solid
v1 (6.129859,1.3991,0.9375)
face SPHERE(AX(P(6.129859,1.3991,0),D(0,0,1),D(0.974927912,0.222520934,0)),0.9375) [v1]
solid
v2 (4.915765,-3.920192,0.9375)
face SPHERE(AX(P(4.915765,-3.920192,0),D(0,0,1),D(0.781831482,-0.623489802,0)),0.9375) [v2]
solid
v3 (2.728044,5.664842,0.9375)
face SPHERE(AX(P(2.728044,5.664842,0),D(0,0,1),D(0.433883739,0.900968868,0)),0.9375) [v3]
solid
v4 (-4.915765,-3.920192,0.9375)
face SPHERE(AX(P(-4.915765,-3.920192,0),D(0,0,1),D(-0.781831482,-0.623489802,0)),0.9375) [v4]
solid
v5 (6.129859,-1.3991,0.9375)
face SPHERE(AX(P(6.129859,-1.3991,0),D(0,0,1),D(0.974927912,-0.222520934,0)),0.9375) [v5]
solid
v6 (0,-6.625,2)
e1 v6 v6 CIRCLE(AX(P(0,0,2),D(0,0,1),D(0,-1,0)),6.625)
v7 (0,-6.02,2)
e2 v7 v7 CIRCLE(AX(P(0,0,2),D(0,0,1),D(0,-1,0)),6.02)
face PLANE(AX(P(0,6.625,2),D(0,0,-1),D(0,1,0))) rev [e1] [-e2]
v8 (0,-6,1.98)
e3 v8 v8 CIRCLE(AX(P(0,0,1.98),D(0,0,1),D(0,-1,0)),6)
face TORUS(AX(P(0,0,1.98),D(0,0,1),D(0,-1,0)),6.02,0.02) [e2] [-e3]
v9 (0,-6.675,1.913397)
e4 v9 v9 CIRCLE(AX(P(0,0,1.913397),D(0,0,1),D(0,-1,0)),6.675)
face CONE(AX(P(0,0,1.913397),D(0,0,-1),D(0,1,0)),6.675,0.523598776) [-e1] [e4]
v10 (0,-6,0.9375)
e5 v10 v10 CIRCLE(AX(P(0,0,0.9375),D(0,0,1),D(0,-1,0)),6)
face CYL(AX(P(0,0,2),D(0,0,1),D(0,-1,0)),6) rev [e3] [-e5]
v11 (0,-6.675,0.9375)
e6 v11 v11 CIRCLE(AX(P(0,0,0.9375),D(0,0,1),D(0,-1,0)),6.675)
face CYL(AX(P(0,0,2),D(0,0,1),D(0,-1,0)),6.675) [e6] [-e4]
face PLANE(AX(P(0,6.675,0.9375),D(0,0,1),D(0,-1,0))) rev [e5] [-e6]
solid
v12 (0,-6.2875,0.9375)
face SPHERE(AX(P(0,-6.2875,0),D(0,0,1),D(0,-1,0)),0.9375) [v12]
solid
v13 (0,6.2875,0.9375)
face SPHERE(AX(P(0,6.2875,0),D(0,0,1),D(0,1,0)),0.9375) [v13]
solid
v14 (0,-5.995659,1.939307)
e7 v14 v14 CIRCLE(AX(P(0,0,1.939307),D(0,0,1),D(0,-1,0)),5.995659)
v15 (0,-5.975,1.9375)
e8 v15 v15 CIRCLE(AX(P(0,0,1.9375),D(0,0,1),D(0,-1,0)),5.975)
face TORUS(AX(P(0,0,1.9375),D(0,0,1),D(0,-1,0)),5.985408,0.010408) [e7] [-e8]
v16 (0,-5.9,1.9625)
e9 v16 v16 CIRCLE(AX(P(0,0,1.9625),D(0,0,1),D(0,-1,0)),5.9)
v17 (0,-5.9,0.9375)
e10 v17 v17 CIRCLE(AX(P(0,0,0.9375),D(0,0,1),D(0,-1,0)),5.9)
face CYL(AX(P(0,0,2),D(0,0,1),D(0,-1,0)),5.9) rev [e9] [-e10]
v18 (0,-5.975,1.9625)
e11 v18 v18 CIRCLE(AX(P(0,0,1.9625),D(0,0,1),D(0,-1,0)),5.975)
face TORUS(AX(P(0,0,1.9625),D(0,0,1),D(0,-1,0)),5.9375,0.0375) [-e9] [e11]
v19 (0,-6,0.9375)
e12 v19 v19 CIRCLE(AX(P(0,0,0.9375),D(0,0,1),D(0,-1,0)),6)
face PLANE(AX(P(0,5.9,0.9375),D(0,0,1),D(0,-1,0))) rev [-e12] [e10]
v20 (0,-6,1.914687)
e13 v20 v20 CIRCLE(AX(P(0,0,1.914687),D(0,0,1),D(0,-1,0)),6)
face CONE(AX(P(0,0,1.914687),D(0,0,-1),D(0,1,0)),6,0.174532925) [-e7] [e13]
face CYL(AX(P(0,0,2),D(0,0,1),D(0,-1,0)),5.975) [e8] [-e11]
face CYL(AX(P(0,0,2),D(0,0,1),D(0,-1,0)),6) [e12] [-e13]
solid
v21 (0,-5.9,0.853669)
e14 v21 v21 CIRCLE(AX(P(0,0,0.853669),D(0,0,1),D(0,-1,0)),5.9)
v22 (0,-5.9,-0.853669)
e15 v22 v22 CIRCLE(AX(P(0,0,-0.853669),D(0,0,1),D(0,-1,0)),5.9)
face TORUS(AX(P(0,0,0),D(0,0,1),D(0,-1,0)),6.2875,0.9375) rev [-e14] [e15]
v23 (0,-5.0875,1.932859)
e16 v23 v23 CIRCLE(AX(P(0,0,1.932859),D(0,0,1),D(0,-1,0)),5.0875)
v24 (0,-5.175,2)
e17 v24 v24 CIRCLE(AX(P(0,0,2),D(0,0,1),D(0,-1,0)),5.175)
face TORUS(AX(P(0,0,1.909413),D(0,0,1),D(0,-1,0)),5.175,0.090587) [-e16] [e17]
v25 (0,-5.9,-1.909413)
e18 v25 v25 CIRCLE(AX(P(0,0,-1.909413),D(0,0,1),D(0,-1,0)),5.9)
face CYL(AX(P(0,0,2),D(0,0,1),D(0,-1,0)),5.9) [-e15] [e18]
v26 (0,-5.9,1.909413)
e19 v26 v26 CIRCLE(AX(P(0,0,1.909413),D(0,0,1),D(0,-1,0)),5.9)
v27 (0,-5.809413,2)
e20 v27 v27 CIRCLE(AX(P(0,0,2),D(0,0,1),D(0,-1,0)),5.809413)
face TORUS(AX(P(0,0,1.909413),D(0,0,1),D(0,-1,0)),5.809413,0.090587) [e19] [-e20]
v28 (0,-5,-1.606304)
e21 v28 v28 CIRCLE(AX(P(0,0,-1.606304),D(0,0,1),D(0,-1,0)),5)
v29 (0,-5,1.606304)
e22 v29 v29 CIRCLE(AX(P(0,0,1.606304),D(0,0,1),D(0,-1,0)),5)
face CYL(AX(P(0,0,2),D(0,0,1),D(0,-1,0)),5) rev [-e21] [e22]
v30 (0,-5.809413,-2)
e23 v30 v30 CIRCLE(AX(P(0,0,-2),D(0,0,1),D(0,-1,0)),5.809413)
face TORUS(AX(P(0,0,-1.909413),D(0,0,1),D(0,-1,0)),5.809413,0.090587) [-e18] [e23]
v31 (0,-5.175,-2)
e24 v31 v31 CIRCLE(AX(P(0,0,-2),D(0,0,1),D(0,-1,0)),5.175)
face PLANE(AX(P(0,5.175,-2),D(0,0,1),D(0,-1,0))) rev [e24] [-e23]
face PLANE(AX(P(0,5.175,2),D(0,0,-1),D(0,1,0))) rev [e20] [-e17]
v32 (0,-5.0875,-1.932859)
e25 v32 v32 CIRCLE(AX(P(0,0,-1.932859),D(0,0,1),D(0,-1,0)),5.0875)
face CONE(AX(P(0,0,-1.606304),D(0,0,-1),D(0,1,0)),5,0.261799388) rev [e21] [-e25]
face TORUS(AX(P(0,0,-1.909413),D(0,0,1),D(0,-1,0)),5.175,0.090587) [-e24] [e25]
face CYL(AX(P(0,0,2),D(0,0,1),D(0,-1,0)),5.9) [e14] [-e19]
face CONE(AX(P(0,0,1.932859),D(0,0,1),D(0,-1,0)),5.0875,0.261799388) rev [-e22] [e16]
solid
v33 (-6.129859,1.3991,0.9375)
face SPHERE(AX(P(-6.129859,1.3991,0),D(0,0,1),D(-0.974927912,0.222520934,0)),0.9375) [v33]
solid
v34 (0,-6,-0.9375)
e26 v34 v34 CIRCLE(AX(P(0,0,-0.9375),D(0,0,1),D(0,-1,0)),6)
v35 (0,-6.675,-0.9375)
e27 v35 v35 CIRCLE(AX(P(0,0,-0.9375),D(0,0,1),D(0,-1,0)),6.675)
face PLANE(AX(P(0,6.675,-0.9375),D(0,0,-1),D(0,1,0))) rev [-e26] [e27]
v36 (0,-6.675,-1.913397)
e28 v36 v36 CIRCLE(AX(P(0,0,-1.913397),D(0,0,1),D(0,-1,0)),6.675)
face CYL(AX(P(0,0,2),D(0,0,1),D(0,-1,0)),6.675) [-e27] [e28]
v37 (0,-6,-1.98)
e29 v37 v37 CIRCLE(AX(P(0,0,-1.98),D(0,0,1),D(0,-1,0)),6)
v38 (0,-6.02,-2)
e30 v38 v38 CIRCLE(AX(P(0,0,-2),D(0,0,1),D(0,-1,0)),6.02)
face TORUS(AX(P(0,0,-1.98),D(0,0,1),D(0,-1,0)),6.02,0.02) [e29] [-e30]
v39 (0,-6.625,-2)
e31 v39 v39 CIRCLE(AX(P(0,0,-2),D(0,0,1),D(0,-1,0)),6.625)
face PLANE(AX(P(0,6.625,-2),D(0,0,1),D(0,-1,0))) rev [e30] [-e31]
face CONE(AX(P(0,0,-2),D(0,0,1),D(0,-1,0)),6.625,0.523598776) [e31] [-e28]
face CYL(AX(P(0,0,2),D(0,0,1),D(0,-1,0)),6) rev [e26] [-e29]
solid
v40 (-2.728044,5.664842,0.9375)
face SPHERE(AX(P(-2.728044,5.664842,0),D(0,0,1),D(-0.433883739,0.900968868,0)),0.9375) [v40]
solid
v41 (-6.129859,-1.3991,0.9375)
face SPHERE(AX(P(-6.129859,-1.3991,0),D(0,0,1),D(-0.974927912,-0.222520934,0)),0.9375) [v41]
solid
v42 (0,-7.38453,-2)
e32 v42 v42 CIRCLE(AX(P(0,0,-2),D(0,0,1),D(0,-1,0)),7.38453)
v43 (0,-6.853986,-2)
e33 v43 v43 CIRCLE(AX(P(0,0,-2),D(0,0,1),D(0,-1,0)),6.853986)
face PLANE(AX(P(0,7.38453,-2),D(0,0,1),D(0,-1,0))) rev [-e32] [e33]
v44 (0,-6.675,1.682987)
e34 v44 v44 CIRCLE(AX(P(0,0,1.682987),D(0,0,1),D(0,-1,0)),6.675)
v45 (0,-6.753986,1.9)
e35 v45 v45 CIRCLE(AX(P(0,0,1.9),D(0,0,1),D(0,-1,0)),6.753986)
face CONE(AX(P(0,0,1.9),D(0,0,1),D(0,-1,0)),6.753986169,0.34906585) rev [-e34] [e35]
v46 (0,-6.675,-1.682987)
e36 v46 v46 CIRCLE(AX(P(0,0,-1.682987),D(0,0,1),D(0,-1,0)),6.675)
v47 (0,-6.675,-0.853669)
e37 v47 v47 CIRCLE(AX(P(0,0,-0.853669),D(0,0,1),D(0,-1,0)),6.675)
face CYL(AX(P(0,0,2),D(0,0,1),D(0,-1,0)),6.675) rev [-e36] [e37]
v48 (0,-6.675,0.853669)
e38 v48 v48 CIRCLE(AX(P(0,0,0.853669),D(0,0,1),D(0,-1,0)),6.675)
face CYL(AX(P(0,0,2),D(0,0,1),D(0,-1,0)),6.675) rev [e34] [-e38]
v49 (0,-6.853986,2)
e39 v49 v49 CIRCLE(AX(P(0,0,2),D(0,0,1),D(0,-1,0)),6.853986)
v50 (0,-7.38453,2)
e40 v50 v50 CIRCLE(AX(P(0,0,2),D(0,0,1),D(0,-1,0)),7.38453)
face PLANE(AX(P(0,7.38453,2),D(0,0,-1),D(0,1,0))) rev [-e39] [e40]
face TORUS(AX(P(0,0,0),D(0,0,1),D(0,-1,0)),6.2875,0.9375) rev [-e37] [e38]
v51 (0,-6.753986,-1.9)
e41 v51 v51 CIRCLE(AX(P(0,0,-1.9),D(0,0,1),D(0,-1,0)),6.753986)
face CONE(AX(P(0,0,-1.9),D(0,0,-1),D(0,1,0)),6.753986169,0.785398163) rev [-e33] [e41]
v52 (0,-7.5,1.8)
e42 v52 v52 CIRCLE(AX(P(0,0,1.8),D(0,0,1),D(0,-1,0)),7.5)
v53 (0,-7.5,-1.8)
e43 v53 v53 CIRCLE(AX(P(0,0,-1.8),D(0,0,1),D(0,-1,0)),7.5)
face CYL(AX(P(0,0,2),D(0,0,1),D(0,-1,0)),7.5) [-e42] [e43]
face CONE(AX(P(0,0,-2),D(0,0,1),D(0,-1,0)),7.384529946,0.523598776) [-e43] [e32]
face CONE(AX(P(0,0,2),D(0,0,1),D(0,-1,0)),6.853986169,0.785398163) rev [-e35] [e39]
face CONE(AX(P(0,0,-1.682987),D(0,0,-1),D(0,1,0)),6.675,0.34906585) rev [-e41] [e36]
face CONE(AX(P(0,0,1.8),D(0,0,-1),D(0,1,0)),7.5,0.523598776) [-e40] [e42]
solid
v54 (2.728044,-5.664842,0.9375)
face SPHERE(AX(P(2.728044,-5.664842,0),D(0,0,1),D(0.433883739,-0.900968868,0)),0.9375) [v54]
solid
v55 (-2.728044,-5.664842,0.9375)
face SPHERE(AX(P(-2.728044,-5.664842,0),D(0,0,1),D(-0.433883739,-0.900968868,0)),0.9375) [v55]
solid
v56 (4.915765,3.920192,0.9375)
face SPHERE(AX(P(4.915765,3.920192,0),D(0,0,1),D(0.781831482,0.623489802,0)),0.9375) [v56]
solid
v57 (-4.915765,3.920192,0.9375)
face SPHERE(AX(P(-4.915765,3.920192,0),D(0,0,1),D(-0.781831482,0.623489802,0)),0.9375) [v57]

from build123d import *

# Parameters (mm, degrees)
CIRPATTERN1_COUNT = 14


with BuildPart() as part:
    # Sketch3 → Revolve1 (revolve)
    with BuildSketch(Plane(origin=(0, 0, 0), x_dir=(0, 0, -1), z_dir=(1, 0, 0)), mode=Mode.PRIVATE) as revolve1_sk:
        with BuildLine():
            Line((-1.682987285, 6.675), (-1.9, 6.753986169))
            Line((-1.9, 6.753986169), (-2, 6.853986169))
            Line((-2, 6.853986169), (-2, 7.384529946))
            Line((-2, 7.384529946), (-1.8, 7.5))
            Line((-1.8, 7.5), (1.8, 7.5))
            Line((1.8, 7.5), (2, 7.384529946))
            Line((2, 7.384529946), (2, 6.853986169))
            Line((2, 6.853986169), (1.9, 6.753986169))
            Line((1.9, 6.753986169), (1.682987285, 6.675))
            Line((1.682987285, 6.675), (0.853668554, 6.675))
            ThreePointArc((0.853668554, 6.675), (0, 7.225), (-0.853668554, 6.675))
            Line((-0.853668554, 6.675), (-1.682987285, 6.675))
        make_face()
    revolve(revolve1_sk.sketch.rotate(Axis((0, 0, 2), (0, 0, -1)), 180), axis=Axis((0, 0, 2), (0, 0, -1)))


with BuildPart() as body_2:
    # Sketch4 → Revolve2 (revolve)
    with BuildSketch(Plane(origin=(0, 0, 0), x_dir=(0, 0, -1), z_dir=(1, 0, 0)), mode=Mode.PRIVATE) as revolve2_sk:
        with BuildLine():
            Line((-1.606304443, 5), (-1.932858889, 5.0875))
            ThreePointArc((-1.932858889, 5.0875), (-1.981280568, 5.119854332), (-2, 5.175))
            Line((-2, 5.175), (-2, 5.809413334))
            ThreePointArc((-2, 5.809413334), (-1.97346778, 5.87346778), (-1.909413334, 5.9))
            Line((-1.909413334, 5.9), (-0.853668554, 5.9))
            ThreePointArc((-0.853668554, 5.9), (0, 5.35), (0.853668554, 5.9))
            Line((0.853668554, 5.9), (1.909413334, 5.9))
            ThreePointArc((1.909413334, 5.9), (1.97346778, 5.87346778), (2, 5.809413334))
            Line((2, 5.809413334), (2, 5.175))
            ThreePointArc((2, 5.175), (1.981280568, 5.119854332), (1.932858889, 5.0875))
            Line((1.932858889, 5.0875), (1.606304443, 5))
            Line((1.606304443, 5), (-1.606304443, 5))
        make_face()
    revolve(revolve2_sk.sketch.rotate(Axis((0, 0, 2), (0, 0, -1)), 180), axis=Axis((0, 0, 2), (0, 0, -1)))


with BuildPart() as body_3:
    # Sketch5 → Revolve3 (revolve)
    with BuildSketch(Plane(origin=(0, 0, 0), x_dir=(0, 0, -1), z_dir=(1, 0, 0))):
        with BuildLine():
            Line((-0.9375, 6.2875), (0.9375, 6.2875))
            ThreePointArc((0.9375, 6.2875), (0, 7.225), (-0.9375, 6.2875))
        make_face()
    revolve(axis=Axis((0, 6.2875, 0.9375), (0, 0, -1)))


with BuildPart() as cirpattern1_1:
    # CirPattern1: pattern copy
    add(body_3.part.rotate(Axis((0, 0, 0), (0, 0, 1)), 1 * 360 / CIRPATTERN1_COUNT))


with BuildPart() as cirpattern1_2:
    # CirPattern1: pattern copy
    add(body_3.part.rotate(Axis((0, 0, 0), (0, 0, 1)), 2 * 360 / CIRPATTERN1_COUNT))


with BuildPart() as cirpattern1_3:
    # CirPattern1: pattern copy
    add(body_3.part.rotate(Axis((0, 0, 0), (0, 0, 1)), 3 * 360 / CIRPATTERN1_COUNT))


with BuildPart() as cirpattern1_4:
    # CirPattern1: pattern copy
    add(body_3.part.rotate(Axis((0, 0, 0), (0, 0, 1)), 4 * 360 / CIRPATTERN1_COUNT))


with BuildPart() as cirpattern1_5:
    # CirPattern1: pattern copy
    add(body_3.part.rotate(Axis((0, 0, 0), (0, 0, 1)), 5 * 360 / CIRPATTERN1_COUNT))


with BuildPart() as cirpattern1_6:
    # CirPattern1: pattern copy
    add(body_3.part.rotate(Axis((0, 0, 0), (0, 0, 1)), 6 * 360 / CIRPATTERN1_COUNT))


with BuildPart() as cirpattern1_7:
    # CirPattern1: pattern copy
    add(body_3.part.rotate(Axis((0, 0, 0), (0, 0, 1)), 7 * 360 / CIRPATTERN1_COUNT))


with BuildPart() as cirpattern1_8:
    # CirPattern1: pattern copy
    add(body_3.part.rotate(Axis((0, 0, 0), (0, 0, 1)), 8 * 360 / CIRPATTERN1_COUNT))


with BuildPart() as cirpattern1_9:
    # CirPattern1: pattern copy
    add(body_3.part.rotate(Axis((0, 0, 0), (0, 0, 1)), 9 * 360 / CIRPATTERN1_COUNT))


with BuildPart() as cirpattern1_10:
    # CirPattern1: pattern copy
    add(body_3.part.rotate(Axis((0, 0, 0), (0, 0, 1)), 10 * 360 / CIRPATTERN1_COUNT))


with BuildPart() as cirpattern1_11:
    # CirPattern1: pattern copy
    add(body_3.part.rotate(Axis((0, 0, 0), (0, 0, 1)), 11 * 360 / CIRPATTERN1_COUNT))


with BuildPart() as cirpattern1_12:
    # CirPattern1: pattern copy
    add(body_3.part.rotate(Axis((0, 0, 0), (0, 0, 1)), 12 * 360 / CIRPATTERN1_COUNT))


with BuildPart() as cirpattern1_13:
    # CirPattern1: pattern copy
    add(body_3.part.rotate(Axis((0, 0, 0), (0, 0, 1)), 13 * 360 / CIRPATTERN1_COUNT))


with BuildPart() as body_17:
    # Sketch6 → Revolve4 (revolve)
    with BuildSketch(Plane(origin=(0, 0, 0), x_dir=(0, 0, -1), z_dir=(1, 0, 0)), mode=Mode.PRIVATE) as revolve4_sk:
        with BuildLine():
            Line((-1.91339746, 6.675), (-0.9375, 6.675))
            Line((-0.9375, 6.675), (-0.9375, 6))
            Line((-0.9375, 6), (-1.98, 6))
            ThreePointArc((-1.98, 6), (-1.994142136, 6.005857864), (-2, 6.02))
            Line((-2, 6.02), (-2, 6.625))
            Line((-2, 6.625), (-1.91339746, 6.675))
        make_face()
        with BuildLine():
            Line((1.98, 6), (0.9375, 6))
            Line((0.9375, 6), (0.9375, 6.675))
            Line((0.9375, 6.675), (1.91339746, 6.675))
            Line((1.91339746, 6.675), (2, 6.625))
            Line((2, 6.625), (2, 6.02))
            ThreePointArc((2, 6.02), (1.994142136, 6.005857864), (1.98, 6))
        make_face()
    revolve(revolve4_sk.sketch.rotate(Axis((0, 0, 2), (0, 0, -1)), 180), axis=Axis((0, 0, 2), (0, 0, -1)))


with BuildPart() as body_18:
    # Sketch7 → Revolve5 (revolve)
    with BuildSketch(Plane(origin=(0, 0, 0), x_dir=(0, 0, -1), z_dir=(1, 0, 0)), mode=Mode.PRIVATE) as revolve5_sk:
        with BuildLine():
            Line((-0.9375, 6), (-1.914687217, 6))
            Line((-1.914687217, 6), (-1.93930741, 5.995658796))
            ThreePointArc((-1.93930741, 5.995658796), (-1.947868854, 5.984501305), (-1.9375, 5.975))
            Line((-1.9375, 5.975), (-1.9625, 5.975))
            ThreePointArc((-1.9625, 5.975), (-2, 5.9375), (-1.9625, 5.9))
            Line((-1.9625, 5.9), (-0.9375, 5.9))
            Line((-0.9375, 5.9), (-0.9375, 6))
        make_face()
    revolve(revolve5_sk.sketch.rotate(Axis((0, 0, 2), (0, 0, -1)), 180), axis=Axis((0, 0, 2), (0, 0, -1)))


solid = Compound([part.part, body_2.part, body_3.part, cirpattern1_1.part, cirpattern1_2.part, cirpattern1_3.part, cirpattern1_4.part, cirpattern1_5.part, cirpattern1_6.part, cirpattern1_7.part, cirpattern1_8.part, cirpattern1_9.part, cirpattern1_10.part, cirpattern1_11.part, cirpattern1_12.part, cirpattern1_13.part, body_17.part, body_18.part])
